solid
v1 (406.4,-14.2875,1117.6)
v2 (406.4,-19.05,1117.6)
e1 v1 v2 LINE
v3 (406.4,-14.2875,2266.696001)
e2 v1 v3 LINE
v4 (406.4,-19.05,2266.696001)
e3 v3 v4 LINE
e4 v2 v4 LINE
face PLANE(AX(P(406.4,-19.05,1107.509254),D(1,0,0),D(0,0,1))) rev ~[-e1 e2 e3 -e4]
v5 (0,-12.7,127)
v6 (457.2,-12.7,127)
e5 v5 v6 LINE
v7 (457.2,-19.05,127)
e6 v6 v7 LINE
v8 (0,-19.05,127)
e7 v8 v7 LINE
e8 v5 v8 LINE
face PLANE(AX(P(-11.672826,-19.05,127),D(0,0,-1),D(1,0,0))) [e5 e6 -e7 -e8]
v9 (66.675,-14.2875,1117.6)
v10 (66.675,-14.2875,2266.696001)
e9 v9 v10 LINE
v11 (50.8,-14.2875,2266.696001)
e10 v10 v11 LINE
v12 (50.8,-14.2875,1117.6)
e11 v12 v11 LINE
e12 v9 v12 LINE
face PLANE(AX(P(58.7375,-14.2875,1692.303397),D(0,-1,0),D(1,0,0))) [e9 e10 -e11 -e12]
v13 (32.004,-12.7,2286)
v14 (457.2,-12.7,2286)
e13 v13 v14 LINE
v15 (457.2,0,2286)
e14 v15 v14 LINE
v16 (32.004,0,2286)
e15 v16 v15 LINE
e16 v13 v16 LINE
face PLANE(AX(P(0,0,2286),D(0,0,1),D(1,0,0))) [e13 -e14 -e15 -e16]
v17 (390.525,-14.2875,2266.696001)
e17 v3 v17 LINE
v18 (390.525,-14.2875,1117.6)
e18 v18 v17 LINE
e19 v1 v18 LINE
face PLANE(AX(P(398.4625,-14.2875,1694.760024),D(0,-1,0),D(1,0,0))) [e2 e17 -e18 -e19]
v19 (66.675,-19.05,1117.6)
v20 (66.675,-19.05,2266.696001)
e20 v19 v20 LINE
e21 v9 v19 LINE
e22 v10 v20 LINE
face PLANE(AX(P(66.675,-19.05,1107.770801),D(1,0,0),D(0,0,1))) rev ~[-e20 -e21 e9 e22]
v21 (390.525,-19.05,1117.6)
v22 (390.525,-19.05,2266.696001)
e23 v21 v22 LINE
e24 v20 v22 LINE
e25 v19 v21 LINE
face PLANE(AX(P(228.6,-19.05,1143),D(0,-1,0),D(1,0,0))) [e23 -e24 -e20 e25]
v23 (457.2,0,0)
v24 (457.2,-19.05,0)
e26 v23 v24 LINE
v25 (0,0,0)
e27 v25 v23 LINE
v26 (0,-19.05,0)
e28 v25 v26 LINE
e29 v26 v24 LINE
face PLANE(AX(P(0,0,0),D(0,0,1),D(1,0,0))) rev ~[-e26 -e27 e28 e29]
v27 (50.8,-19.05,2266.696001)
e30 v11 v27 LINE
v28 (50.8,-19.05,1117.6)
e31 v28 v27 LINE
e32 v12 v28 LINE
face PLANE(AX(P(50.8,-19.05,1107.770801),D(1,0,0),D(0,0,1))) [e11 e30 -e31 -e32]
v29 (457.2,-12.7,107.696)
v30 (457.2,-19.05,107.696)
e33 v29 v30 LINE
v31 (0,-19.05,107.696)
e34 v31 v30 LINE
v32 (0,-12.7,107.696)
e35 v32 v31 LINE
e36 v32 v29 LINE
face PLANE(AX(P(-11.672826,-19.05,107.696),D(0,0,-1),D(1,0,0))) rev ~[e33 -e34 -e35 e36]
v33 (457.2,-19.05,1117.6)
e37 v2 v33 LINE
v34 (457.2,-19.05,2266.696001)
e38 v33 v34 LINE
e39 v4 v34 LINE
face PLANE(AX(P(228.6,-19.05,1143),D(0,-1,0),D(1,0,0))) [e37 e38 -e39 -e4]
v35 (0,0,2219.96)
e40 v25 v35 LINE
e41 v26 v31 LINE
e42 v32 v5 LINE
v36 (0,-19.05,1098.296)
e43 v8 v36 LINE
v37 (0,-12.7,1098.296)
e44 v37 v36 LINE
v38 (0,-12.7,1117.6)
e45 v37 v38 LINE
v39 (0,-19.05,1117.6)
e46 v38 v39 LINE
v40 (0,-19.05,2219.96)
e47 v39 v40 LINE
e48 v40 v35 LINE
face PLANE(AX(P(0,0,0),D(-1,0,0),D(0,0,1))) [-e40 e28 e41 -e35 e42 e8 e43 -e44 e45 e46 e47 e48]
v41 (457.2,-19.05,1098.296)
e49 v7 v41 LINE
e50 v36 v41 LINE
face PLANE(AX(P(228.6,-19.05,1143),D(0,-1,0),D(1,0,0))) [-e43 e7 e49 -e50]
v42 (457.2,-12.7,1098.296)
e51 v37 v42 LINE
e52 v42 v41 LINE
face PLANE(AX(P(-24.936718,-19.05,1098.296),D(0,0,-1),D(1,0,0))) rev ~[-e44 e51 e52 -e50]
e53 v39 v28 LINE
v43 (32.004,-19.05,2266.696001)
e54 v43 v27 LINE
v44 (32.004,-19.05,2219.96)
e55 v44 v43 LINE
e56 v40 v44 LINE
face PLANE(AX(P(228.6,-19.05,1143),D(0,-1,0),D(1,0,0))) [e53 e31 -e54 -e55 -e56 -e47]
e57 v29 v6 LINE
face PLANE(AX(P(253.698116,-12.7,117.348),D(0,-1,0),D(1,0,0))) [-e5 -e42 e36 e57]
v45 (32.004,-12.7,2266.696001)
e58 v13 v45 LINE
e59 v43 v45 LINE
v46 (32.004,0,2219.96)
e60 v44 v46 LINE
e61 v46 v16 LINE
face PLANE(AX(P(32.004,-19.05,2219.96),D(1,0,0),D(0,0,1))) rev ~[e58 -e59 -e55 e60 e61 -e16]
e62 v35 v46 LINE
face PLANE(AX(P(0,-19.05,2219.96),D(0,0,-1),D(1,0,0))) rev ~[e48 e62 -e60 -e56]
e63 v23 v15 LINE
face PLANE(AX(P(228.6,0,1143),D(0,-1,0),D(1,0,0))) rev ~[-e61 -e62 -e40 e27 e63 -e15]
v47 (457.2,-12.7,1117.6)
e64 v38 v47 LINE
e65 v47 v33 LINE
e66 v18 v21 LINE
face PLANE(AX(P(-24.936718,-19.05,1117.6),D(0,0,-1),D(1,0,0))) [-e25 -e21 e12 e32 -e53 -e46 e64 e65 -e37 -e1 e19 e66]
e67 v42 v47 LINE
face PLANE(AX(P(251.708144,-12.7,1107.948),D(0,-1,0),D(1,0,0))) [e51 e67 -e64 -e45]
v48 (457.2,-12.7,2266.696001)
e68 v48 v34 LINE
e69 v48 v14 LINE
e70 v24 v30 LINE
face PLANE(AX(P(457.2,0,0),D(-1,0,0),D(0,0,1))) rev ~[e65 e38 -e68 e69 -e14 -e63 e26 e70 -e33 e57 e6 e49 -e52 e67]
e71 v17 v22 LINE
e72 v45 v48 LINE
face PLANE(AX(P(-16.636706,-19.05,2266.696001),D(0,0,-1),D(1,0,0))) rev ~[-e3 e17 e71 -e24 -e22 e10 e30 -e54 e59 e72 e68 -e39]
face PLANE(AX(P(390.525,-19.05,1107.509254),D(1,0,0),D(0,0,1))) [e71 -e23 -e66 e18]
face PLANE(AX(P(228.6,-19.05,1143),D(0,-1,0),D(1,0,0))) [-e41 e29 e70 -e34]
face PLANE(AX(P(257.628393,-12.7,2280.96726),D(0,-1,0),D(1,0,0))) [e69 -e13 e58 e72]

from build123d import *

# Parameters (mm, degrees)
F0_W     = 457.2
F0_H     = 2286
F1_DEPTH = 19.05
F2_W     = 32.004
F2_H     = 66.04
F3_DEPTH = 19.051
F4_W     = 530.741885
F4_H     = 19.304
F4_W_2   = 553.289723
F4_W_3   = 548.530197
F4_H_2   = 28.542519
F5_DEPTH = 6.35
F6_W     = 15.875
F6_H     = 1169.065192
F6_H_2   = 1174.501539
F7_DEPTH = 4.7625


with BuildPart() as f1:
    # F0 (on Front) → F1 (new body)
    with BuildSketch(Plane.XZ):
        with Locations((228.6, 1143)):
            Rectangle(F0_W, F0_H)
    extrude(amount=F1_DEPTH)

    # F2 (on face) → F3 (cut, through all)
    with BuildSketch(Plane.XZ.offset(19.05)):
        with Locations((16.002, 2252.98)):
            Rectangle(F2_W, F2_H)
    extrude(amount=-F3_DEPTH, mode=Mode.SUBTRACT)

    # F4 (on face) → F5 (cut)
    with BuildSketch(Plane.XZ.offset(19.05)):
        with Locations((253.698116, 117.348)):
            Rectangle(F4_W, F4_H)
        with Locations((251.708144, 1107.948)):
            Rectangle(F4_W_2, F4_H)
        with Locations((257.628393, 2280.96726)):
            Rectangle(F4_W_3, F4_H_2)
    extrude(amount=-F5_DEPTH, mode=Mode.SUBTRACT)

    # F6 (on face) → F7 (cut)
    with BuildSketch(Plane.XZ.offset(19.05)):
        with Locations((58.7375, 1692.303397)):
            Rectangle(F6_W, F6_H)
        with Locations((398.4625, 1694.760024)):
            Rectangle(F6_W, F6_H_2)
    extrude(amount=-F7_DEPTH, mode=Mode.SUBTRACT)


solid = f1.part
